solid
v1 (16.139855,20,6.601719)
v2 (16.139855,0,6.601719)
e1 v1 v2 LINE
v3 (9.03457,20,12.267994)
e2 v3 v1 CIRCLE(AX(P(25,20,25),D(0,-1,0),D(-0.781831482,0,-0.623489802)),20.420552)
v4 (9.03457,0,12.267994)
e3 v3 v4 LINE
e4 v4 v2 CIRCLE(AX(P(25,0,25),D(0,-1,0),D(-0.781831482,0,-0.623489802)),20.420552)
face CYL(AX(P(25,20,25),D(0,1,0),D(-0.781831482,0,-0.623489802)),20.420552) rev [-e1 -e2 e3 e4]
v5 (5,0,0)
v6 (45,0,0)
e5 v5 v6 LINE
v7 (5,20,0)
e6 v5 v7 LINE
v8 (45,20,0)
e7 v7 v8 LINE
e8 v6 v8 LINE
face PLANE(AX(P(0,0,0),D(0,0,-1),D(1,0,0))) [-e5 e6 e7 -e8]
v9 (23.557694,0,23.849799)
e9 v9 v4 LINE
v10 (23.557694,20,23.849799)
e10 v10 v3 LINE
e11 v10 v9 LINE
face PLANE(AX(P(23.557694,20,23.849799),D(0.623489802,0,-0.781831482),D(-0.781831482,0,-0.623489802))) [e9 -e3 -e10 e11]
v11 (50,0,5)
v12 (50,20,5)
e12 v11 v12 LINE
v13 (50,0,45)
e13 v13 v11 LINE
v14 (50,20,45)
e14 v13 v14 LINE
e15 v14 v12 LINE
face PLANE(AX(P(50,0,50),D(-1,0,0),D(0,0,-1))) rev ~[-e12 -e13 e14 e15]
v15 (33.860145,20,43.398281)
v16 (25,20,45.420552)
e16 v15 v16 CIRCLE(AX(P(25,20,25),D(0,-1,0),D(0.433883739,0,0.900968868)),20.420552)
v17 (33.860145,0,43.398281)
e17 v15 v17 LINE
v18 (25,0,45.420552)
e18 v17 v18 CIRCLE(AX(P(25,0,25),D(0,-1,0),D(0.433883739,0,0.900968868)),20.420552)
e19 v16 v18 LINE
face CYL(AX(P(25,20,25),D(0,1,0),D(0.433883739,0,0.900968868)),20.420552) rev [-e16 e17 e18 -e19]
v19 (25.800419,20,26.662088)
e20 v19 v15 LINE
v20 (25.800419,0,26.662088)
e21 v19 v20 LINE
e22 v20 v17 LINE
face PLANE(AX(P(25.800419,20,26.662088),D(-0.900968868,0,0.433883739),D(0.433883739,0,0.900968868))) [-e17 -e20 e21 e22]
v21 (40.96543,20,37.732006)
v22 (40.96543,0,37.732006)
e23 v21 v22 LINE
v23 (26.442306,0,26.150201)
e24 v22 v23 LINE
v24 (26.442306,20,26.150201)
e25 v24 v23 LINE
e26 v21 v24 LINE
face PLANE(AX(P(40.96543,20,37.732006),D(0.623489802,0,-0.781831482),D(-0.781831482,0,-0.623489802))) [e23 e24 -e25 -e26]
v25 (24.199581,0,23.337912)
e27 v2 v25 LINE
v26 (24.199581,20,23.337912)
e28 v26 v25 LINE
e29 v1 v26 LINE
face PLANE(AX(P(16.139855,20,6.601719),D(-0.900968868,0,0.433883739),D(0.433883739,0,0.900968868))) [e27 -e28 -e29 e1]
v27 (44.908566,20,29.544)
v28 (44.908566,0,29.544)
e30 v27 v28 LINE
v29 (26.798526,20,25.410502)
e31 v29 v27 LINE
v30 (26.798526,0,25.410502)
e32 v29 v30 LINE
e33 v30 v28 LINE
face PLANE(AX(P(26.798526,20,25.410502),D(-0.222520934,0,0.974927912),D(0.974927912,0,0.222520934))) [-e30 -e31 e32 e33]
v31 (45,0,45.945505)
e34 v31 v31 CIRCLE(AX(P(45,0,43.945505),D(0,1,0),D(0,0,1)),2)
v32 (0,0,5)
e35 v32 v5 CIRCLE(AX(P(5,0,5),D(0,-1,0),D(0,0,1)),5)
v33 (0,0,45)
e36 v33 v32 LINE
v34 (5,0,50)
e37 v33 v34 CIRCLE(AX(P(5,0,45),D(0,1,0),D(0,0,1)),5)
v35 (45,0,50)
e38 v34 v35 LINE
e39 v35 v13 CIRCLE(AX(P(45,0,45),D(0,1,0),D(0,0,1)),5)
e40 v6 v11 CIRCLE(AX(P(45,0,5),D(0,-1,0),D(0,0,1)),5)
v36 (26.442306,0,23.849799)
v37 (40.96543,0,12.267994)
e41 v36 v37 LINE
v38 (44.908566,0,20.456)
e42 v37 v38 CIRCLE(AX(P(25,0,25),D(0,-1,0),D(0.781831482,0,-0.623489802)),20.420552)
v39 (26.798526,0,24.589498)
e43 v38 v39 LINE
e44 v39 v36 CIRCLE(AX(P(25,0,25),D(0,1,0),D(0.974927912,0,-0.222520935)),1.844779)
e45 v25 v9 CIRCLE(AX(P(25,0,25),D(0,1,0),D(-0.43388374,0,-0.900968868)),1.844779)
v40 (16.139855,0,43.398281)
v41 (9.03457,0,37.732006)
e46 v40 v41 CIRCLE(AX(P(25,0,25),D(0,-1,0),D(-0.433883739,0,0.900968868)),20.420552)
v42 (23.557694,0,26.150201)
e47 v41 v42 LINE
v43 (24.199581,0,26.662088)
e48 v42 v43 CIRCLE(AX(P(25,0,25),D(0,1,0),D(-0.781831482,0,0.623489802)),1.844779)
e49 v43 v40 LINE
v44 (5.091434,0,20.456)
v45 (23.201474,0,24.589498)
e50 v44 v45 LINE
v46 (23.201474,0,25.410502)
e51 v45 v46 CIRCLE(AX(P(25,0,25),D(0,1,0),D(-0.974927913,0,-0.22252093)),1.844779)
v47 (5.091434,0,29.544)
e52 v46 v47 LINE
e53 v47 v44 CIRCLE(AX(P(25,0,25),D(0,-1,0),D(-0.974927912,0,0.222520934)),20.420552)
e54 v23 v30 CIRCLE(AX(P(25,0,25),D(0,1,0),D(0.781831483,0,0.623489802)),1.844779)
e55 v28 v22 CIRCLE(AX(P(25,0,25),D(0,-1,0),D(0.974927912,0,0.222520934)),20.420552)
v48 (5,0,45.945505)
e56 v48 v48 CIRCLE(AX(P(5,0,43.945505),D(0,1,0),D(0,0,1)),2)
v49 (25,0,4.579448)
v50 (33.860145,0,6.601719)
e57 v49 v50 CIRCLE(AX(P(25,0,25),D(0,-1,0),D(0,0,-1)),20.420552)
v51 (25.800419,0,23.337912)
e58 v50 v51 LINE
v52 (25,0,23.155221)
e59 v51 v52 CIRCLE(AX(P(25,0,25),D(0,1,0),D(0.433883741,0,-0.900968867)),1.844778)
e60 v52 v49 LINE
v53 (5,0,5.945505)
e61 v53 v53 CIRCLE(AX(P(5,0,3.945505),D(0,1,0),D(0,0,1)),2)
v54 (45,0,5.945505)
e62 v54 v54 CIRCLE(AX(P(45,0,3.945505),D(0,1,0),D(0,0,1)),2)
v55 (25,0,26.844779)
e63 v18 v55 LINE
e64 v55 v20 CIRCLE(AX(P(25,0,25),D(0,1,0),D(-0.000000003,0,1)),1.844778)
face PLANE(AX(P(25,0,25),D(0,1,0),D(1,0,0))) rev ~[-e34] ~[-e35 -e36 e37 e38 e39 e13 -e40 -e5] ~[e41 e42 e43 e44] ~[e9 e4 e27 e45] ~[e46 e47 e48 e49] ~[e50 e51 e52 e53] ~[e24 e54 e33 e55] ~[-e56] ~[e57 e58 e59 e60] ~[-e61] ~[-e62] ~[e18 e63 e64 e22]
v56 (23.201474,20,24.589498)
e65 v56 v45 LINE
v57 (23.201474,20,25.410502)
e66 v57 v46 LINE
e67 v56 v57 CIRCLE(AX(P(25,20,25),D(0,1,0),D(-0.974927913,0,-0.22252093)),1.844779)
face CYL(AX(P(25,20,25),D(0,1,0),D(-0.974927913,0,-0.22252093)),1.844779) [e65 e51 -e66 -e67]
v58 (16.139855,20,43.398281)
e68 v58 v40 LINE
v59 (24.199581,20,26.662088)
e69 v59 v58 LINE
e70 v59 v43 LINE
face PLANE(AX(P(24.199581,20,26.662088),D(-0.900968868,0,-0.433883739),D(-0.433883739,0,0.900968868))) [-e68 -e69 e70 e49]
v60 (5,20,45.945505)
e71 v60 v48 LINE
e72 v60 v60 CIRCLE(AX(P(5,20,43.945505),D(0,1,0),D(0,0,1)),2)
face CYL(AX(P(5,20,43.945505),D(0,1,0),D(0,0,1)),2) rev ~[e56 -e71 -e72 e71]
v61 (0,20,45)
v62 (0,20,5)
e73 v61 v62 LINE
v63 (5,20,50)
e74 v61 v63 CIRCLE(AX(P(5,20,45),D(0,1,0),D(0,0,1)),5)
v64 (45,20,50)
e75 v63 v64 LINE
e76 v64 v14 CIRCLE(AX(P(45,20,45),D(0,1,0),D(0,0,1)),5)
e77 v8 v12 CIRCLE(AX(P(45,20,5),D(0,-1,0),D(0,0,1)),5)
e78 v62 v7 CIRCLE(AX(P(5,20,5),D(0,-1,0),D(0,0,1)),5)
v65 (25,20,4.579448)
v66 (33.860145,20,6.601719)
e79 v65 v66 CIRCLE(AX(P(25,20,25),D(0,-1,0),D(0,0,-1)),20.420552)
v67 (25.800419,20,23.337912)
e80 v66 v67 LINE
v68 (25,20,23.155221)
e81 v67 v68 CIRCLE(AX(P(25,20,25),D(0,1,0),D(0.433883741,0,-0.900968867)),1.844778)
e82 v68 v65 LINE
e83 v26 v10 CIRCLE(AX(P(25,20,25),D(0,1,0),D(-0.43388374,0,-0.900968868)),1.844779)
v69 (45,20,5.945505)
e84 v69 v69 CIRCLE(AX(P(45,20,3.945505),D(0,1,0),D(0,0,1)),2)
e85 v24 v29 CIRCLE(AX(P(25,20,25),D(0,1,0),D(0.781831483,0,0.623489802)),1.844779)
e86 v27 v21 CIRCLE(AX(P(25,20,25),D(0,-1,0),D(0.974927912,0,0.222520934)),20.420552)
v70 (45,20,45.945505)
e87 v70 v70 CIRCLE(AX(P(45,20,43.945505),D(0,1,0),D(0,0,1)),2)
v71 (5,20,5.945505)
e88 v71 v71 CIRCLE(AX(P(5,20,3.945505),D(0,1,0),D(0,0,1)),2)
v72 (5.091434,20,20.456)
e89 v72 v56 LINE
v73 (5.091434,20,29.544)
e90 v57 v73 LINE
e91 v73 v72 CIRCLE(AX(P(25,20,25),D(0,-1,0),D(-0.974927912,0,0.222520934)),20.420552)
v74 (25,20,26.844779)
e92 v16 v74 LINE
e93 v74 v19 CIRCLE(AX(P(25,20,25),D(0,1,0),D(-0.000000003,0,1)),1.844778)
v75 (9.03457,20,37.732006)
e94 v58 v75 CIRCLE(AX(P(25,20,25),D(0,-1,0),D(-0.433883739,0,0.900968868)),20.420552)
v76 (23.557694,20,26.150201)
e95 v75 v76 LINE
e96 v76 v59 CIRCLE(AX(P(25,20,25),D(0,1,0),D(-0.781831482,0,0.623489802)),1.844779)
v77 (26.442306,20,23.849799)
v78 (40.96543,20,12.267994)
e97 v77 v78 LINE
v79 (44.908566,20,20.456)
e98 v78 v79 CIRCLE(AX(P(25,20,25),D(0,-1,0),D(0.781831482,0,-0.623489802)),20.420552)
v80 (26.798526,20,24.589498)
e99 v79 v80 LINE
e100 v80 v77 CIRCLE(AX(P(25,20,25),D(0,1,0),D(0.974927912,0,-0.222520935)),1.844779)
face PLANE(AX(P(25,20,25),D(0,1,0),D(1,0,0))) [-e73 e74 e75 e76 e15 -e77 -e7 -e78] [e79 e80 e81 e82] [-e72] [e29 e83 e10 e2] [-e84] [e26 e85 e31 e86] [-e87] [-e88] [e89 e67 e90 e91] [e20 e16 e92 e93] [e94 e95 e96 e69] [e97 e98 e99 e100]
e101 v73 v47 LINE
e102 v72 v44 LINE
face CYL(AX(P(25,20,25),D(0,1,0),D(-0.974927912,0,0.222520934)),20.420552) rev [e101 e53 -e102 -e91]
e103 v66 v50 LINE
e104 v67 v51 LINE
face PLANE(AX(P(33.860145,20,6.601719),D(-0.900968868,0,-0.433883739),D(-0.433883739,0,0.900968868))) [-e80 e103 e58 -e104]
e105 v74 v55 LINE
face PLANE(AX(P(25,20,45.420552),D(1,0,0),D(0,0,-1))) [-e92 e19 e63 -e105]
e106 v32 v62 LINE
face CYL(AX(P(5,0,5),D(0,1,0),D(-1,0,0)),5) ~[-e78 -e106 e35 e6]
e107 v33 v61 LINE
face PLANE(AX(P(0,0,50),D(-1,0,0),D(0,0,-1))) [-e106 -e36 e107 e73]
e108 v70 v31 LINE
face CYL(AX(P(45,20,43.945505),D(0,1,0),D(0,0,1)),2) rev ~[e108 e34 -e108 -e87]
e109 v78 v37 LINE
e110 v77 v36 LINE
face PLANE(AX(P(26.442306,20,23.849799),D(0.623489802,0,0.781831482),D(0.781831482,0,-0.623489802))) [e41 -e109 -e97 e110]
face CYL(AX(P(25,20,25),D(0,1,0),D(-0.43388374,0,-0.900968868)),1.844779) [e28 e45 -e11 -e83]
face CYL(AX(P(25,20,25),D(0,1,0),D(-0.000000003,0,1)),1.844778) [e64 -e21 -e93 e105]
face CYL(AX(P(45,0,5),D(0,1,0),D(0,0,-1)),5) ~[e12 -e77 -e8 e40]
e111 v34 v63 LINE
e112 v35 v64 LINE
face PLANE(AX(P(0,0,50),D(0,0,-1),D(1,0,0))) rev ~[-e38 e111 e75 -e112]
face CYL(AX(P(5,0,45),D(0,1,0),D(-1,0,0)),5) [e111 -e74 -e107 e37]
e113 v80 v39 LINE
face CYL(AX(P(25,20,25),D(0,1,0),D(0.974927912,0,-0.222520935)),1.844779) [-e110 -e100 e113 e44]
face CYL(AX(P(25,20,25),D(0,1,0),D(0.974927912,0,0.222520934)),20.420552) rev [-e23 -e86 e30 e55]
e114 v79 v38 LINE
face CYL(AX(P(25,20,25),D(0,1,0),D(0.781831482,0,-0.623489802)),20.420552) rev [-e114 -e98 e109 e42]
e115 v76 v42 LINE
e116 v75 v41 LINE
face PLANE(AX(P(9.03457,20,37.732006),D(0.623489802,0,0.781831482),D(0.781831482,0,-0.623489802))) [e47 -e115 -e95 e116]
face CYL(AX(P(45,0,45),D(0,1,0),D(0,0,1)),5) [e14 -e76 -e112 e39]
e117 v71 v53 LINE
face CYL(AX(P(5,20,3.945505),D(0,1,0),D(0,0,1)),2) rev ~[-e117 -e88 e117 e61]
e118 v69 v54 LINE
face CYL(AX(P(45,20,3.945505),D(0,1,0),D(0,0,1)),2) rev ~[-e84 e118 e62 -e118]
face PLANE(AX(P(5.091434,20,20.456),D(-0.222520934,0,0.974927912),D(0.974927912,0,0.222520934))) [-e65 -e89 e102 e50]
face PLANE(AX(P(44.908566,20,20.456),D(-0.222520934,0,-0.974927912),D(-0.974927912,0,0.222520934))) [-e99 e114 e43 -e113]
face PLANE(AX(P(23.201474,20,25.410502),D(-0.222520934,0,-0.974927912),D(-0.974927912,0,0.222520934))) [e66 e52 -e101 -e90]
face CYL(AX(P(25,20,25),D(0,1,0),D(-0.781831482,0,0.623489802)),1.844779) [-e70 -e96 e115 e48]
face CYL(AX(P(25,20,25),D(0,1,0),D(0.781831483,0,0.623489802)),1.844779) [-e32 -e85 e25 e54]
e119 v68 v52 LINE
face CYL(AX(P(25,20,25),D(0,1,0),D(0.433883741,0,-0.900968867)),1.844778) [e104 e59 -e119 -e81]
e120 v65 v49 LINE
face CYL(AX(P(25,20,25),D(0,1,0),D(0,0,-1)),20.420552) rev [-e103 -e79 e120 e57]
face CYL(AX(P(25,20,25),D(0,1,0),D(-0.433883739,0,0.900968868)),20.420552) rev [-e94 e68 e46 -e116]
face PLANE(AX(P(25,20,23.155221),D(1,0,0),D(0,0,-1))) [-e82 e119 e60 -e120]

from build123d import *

# Parameters (mm, degrees)
SKETCH_1_W          = 50
SKETCH_1_H          = 50
EXTRUDE_1_DEPTH     = 20
SKETCH_2_R          = 2
CUT_EXTRUDE_1_DEPTH = 20
CUT_EXTRUDE_2_DEPTH = 20
FILLET_1_R          = 5


with BuildPart() as part:
    # 草图1 → 凸台-拉伸1 (new body)
    with BuildSketch(Plane(origin=(0, 0, 0), x_dir=(1, 0, 0), z_dir=(0, 1, 0))):
        with Locations((25, -25)):
            Rectangle(SKETCH_1_W, SKETCH_1_H)
    extrude(amount=EXTRUDE_1_DEPTH)

    # 草图2 → 切除-拉伸1 (cut)
    with BuildSketch(Plane(origin=(0, 20, 0), x_dir=(1, 0, 0), z_dir=(0, 1, 0))):
        with Locations(Location((5, -3.945505115, 0), (0, 0, 270))):
            Circle(SKETCH_2_R)
        with Locations(Location((45, -3.945505115, 0), (0, 0, 270))):
            Circle(SKETCH_2_R)
        with Locations(Location((5, -43.945505115, 0), (0, 0, 270))):
            Circle(SKETCH_2_R)
        with Locations(Location((45, -43.945505115, 0), (0, 0, 270))):
            Circle(SKETCH_2_R)
    extrude(amount=-CUT_EXTRUDE_1_DEPTH, mode=Mode.SUBTRACT)

    # 草图3 → 切除-拉伸2 (cut)
    with BuildSketch(Plane(origin=(0, 20, 0), x_dir=(1, 0, 0), z_dir=(0, 1, 0))):
        with BuildLine():
            Line((25, -23.155221491), (25, -4.579448382))
            ThreePointArc((25, -4.579448382), (29.544000218, -5.091434245), (33.860145291, -6.601718727))
            Line((33.860145291, -6.601718727), (25.800419398, -23.337911995))
            ThreePointArc((25.800419398, -23.337911995), (25.410501837, -23.201473939), (25, -23.155221491))
        make_face()
        with BuildLine():
            Line((26.442305917, -23.849799413), (40.965430144, -12.267994318))
            ThreePointArc((40.965430144, -12.267994318), (43.398281273, -16.139854709), (44.908565755, -20.455999782))
            Line((44.908565755, -20.455999782), (26.798526061, -24.589498163))
            ThreePointArc((26.798526061, -24.589498163), (26.662088005, -24.199580602), (26.442305917, -23.849799413))
        make_face()
        with BuildLine():
            Line((26.798526061, -25.410501837), (44.908565755, -29.544000218))
            ThreePointArc((44.908565755, -29.544000218), (43.398281273, -33.860145291), (40.965430144, -37.732005682))
            Line((40.965430144, -37.732005682), (26.442305917, -26.150200587))
            ThreePointArc((26.442305917, -26.150200587), (26.662088005, -25.800419398), (26.798526061, -25.410501837))
        make_face()
        with BuildLine():
            Line((25.800419398, -26.662088005), (33.860145291, -43.398281273))
            ThreePointArc((33.860145291, -43.398281273), (29.544000218, -44.908565755), (25, -45.420551618))
            Line((25, -45.420551618), (25, -26.844778509))
            ThreePointArc((25, -26.844778509), (25.410501837, -26.798526061), (25.800419398, -26.662088005))
        make_face()
        with BuildLine():
            Line((24.199580602, -26.662088005), (16.139854709, -43.398281273))
            ThreePointArc((16.139854709, -43.398281273), (12.267994318, -40.965430144), (9.034569856, -37.732005682))
            Line((9.034569856, -37.732005682), (23.557694083, -26.150200587))
            ThreePointArc((23.557694083, -26.150200587), (23.849799413, -26.442305917), (24.199580602, -26.662088005))
        make_face()
        with BuildLine():
            Line((23.201473939, -25.410501837), (5.091434245, -29.544000218))
            ThreePointArc((5.091434245, -29.544000218), (4.579448382, -25), (5.091434245, -20.455999782))
            Line((5.091434245, -20.455999782), (23.201473939, -24.589498163))
            ThreePointArc((23.201473939, -24.589498163), (23.155221491, -25), (23.201473939, -25.410501837))
        make_face()
        with BuildLine():
            Line((23.557694083, -23.849799413), (9.034569856, -12.267994318))
            ThreePointArc((9.034569856, -12.267994318), (12.267994318, -9.034569856), (16.139854709, -6.601718727))
            Line((16.139854709, -6.601718727), (24.199580602, -23.337911995))
            ThreePointArc((24.199580602, -23.337911995), (23.849799413, -23.557694083), (23.557694083, -23.849799413))
        make_face()
    extrude(amount=-CUT_EXTRUDE_2_DEPTH, mode=Mode.SUBTRACT)

    # 圆角1
    fillet_1_edges = [part.edges().sort_by_distance(p)[0] for p in [
        (0, 10, 0),
        (50, 10, 0),
        (50, 10, 50),
        (0, 10, 50),
    ]]
    fillet(fillet_1_edges, radius=FILLET_1_R)


solid = part.part
